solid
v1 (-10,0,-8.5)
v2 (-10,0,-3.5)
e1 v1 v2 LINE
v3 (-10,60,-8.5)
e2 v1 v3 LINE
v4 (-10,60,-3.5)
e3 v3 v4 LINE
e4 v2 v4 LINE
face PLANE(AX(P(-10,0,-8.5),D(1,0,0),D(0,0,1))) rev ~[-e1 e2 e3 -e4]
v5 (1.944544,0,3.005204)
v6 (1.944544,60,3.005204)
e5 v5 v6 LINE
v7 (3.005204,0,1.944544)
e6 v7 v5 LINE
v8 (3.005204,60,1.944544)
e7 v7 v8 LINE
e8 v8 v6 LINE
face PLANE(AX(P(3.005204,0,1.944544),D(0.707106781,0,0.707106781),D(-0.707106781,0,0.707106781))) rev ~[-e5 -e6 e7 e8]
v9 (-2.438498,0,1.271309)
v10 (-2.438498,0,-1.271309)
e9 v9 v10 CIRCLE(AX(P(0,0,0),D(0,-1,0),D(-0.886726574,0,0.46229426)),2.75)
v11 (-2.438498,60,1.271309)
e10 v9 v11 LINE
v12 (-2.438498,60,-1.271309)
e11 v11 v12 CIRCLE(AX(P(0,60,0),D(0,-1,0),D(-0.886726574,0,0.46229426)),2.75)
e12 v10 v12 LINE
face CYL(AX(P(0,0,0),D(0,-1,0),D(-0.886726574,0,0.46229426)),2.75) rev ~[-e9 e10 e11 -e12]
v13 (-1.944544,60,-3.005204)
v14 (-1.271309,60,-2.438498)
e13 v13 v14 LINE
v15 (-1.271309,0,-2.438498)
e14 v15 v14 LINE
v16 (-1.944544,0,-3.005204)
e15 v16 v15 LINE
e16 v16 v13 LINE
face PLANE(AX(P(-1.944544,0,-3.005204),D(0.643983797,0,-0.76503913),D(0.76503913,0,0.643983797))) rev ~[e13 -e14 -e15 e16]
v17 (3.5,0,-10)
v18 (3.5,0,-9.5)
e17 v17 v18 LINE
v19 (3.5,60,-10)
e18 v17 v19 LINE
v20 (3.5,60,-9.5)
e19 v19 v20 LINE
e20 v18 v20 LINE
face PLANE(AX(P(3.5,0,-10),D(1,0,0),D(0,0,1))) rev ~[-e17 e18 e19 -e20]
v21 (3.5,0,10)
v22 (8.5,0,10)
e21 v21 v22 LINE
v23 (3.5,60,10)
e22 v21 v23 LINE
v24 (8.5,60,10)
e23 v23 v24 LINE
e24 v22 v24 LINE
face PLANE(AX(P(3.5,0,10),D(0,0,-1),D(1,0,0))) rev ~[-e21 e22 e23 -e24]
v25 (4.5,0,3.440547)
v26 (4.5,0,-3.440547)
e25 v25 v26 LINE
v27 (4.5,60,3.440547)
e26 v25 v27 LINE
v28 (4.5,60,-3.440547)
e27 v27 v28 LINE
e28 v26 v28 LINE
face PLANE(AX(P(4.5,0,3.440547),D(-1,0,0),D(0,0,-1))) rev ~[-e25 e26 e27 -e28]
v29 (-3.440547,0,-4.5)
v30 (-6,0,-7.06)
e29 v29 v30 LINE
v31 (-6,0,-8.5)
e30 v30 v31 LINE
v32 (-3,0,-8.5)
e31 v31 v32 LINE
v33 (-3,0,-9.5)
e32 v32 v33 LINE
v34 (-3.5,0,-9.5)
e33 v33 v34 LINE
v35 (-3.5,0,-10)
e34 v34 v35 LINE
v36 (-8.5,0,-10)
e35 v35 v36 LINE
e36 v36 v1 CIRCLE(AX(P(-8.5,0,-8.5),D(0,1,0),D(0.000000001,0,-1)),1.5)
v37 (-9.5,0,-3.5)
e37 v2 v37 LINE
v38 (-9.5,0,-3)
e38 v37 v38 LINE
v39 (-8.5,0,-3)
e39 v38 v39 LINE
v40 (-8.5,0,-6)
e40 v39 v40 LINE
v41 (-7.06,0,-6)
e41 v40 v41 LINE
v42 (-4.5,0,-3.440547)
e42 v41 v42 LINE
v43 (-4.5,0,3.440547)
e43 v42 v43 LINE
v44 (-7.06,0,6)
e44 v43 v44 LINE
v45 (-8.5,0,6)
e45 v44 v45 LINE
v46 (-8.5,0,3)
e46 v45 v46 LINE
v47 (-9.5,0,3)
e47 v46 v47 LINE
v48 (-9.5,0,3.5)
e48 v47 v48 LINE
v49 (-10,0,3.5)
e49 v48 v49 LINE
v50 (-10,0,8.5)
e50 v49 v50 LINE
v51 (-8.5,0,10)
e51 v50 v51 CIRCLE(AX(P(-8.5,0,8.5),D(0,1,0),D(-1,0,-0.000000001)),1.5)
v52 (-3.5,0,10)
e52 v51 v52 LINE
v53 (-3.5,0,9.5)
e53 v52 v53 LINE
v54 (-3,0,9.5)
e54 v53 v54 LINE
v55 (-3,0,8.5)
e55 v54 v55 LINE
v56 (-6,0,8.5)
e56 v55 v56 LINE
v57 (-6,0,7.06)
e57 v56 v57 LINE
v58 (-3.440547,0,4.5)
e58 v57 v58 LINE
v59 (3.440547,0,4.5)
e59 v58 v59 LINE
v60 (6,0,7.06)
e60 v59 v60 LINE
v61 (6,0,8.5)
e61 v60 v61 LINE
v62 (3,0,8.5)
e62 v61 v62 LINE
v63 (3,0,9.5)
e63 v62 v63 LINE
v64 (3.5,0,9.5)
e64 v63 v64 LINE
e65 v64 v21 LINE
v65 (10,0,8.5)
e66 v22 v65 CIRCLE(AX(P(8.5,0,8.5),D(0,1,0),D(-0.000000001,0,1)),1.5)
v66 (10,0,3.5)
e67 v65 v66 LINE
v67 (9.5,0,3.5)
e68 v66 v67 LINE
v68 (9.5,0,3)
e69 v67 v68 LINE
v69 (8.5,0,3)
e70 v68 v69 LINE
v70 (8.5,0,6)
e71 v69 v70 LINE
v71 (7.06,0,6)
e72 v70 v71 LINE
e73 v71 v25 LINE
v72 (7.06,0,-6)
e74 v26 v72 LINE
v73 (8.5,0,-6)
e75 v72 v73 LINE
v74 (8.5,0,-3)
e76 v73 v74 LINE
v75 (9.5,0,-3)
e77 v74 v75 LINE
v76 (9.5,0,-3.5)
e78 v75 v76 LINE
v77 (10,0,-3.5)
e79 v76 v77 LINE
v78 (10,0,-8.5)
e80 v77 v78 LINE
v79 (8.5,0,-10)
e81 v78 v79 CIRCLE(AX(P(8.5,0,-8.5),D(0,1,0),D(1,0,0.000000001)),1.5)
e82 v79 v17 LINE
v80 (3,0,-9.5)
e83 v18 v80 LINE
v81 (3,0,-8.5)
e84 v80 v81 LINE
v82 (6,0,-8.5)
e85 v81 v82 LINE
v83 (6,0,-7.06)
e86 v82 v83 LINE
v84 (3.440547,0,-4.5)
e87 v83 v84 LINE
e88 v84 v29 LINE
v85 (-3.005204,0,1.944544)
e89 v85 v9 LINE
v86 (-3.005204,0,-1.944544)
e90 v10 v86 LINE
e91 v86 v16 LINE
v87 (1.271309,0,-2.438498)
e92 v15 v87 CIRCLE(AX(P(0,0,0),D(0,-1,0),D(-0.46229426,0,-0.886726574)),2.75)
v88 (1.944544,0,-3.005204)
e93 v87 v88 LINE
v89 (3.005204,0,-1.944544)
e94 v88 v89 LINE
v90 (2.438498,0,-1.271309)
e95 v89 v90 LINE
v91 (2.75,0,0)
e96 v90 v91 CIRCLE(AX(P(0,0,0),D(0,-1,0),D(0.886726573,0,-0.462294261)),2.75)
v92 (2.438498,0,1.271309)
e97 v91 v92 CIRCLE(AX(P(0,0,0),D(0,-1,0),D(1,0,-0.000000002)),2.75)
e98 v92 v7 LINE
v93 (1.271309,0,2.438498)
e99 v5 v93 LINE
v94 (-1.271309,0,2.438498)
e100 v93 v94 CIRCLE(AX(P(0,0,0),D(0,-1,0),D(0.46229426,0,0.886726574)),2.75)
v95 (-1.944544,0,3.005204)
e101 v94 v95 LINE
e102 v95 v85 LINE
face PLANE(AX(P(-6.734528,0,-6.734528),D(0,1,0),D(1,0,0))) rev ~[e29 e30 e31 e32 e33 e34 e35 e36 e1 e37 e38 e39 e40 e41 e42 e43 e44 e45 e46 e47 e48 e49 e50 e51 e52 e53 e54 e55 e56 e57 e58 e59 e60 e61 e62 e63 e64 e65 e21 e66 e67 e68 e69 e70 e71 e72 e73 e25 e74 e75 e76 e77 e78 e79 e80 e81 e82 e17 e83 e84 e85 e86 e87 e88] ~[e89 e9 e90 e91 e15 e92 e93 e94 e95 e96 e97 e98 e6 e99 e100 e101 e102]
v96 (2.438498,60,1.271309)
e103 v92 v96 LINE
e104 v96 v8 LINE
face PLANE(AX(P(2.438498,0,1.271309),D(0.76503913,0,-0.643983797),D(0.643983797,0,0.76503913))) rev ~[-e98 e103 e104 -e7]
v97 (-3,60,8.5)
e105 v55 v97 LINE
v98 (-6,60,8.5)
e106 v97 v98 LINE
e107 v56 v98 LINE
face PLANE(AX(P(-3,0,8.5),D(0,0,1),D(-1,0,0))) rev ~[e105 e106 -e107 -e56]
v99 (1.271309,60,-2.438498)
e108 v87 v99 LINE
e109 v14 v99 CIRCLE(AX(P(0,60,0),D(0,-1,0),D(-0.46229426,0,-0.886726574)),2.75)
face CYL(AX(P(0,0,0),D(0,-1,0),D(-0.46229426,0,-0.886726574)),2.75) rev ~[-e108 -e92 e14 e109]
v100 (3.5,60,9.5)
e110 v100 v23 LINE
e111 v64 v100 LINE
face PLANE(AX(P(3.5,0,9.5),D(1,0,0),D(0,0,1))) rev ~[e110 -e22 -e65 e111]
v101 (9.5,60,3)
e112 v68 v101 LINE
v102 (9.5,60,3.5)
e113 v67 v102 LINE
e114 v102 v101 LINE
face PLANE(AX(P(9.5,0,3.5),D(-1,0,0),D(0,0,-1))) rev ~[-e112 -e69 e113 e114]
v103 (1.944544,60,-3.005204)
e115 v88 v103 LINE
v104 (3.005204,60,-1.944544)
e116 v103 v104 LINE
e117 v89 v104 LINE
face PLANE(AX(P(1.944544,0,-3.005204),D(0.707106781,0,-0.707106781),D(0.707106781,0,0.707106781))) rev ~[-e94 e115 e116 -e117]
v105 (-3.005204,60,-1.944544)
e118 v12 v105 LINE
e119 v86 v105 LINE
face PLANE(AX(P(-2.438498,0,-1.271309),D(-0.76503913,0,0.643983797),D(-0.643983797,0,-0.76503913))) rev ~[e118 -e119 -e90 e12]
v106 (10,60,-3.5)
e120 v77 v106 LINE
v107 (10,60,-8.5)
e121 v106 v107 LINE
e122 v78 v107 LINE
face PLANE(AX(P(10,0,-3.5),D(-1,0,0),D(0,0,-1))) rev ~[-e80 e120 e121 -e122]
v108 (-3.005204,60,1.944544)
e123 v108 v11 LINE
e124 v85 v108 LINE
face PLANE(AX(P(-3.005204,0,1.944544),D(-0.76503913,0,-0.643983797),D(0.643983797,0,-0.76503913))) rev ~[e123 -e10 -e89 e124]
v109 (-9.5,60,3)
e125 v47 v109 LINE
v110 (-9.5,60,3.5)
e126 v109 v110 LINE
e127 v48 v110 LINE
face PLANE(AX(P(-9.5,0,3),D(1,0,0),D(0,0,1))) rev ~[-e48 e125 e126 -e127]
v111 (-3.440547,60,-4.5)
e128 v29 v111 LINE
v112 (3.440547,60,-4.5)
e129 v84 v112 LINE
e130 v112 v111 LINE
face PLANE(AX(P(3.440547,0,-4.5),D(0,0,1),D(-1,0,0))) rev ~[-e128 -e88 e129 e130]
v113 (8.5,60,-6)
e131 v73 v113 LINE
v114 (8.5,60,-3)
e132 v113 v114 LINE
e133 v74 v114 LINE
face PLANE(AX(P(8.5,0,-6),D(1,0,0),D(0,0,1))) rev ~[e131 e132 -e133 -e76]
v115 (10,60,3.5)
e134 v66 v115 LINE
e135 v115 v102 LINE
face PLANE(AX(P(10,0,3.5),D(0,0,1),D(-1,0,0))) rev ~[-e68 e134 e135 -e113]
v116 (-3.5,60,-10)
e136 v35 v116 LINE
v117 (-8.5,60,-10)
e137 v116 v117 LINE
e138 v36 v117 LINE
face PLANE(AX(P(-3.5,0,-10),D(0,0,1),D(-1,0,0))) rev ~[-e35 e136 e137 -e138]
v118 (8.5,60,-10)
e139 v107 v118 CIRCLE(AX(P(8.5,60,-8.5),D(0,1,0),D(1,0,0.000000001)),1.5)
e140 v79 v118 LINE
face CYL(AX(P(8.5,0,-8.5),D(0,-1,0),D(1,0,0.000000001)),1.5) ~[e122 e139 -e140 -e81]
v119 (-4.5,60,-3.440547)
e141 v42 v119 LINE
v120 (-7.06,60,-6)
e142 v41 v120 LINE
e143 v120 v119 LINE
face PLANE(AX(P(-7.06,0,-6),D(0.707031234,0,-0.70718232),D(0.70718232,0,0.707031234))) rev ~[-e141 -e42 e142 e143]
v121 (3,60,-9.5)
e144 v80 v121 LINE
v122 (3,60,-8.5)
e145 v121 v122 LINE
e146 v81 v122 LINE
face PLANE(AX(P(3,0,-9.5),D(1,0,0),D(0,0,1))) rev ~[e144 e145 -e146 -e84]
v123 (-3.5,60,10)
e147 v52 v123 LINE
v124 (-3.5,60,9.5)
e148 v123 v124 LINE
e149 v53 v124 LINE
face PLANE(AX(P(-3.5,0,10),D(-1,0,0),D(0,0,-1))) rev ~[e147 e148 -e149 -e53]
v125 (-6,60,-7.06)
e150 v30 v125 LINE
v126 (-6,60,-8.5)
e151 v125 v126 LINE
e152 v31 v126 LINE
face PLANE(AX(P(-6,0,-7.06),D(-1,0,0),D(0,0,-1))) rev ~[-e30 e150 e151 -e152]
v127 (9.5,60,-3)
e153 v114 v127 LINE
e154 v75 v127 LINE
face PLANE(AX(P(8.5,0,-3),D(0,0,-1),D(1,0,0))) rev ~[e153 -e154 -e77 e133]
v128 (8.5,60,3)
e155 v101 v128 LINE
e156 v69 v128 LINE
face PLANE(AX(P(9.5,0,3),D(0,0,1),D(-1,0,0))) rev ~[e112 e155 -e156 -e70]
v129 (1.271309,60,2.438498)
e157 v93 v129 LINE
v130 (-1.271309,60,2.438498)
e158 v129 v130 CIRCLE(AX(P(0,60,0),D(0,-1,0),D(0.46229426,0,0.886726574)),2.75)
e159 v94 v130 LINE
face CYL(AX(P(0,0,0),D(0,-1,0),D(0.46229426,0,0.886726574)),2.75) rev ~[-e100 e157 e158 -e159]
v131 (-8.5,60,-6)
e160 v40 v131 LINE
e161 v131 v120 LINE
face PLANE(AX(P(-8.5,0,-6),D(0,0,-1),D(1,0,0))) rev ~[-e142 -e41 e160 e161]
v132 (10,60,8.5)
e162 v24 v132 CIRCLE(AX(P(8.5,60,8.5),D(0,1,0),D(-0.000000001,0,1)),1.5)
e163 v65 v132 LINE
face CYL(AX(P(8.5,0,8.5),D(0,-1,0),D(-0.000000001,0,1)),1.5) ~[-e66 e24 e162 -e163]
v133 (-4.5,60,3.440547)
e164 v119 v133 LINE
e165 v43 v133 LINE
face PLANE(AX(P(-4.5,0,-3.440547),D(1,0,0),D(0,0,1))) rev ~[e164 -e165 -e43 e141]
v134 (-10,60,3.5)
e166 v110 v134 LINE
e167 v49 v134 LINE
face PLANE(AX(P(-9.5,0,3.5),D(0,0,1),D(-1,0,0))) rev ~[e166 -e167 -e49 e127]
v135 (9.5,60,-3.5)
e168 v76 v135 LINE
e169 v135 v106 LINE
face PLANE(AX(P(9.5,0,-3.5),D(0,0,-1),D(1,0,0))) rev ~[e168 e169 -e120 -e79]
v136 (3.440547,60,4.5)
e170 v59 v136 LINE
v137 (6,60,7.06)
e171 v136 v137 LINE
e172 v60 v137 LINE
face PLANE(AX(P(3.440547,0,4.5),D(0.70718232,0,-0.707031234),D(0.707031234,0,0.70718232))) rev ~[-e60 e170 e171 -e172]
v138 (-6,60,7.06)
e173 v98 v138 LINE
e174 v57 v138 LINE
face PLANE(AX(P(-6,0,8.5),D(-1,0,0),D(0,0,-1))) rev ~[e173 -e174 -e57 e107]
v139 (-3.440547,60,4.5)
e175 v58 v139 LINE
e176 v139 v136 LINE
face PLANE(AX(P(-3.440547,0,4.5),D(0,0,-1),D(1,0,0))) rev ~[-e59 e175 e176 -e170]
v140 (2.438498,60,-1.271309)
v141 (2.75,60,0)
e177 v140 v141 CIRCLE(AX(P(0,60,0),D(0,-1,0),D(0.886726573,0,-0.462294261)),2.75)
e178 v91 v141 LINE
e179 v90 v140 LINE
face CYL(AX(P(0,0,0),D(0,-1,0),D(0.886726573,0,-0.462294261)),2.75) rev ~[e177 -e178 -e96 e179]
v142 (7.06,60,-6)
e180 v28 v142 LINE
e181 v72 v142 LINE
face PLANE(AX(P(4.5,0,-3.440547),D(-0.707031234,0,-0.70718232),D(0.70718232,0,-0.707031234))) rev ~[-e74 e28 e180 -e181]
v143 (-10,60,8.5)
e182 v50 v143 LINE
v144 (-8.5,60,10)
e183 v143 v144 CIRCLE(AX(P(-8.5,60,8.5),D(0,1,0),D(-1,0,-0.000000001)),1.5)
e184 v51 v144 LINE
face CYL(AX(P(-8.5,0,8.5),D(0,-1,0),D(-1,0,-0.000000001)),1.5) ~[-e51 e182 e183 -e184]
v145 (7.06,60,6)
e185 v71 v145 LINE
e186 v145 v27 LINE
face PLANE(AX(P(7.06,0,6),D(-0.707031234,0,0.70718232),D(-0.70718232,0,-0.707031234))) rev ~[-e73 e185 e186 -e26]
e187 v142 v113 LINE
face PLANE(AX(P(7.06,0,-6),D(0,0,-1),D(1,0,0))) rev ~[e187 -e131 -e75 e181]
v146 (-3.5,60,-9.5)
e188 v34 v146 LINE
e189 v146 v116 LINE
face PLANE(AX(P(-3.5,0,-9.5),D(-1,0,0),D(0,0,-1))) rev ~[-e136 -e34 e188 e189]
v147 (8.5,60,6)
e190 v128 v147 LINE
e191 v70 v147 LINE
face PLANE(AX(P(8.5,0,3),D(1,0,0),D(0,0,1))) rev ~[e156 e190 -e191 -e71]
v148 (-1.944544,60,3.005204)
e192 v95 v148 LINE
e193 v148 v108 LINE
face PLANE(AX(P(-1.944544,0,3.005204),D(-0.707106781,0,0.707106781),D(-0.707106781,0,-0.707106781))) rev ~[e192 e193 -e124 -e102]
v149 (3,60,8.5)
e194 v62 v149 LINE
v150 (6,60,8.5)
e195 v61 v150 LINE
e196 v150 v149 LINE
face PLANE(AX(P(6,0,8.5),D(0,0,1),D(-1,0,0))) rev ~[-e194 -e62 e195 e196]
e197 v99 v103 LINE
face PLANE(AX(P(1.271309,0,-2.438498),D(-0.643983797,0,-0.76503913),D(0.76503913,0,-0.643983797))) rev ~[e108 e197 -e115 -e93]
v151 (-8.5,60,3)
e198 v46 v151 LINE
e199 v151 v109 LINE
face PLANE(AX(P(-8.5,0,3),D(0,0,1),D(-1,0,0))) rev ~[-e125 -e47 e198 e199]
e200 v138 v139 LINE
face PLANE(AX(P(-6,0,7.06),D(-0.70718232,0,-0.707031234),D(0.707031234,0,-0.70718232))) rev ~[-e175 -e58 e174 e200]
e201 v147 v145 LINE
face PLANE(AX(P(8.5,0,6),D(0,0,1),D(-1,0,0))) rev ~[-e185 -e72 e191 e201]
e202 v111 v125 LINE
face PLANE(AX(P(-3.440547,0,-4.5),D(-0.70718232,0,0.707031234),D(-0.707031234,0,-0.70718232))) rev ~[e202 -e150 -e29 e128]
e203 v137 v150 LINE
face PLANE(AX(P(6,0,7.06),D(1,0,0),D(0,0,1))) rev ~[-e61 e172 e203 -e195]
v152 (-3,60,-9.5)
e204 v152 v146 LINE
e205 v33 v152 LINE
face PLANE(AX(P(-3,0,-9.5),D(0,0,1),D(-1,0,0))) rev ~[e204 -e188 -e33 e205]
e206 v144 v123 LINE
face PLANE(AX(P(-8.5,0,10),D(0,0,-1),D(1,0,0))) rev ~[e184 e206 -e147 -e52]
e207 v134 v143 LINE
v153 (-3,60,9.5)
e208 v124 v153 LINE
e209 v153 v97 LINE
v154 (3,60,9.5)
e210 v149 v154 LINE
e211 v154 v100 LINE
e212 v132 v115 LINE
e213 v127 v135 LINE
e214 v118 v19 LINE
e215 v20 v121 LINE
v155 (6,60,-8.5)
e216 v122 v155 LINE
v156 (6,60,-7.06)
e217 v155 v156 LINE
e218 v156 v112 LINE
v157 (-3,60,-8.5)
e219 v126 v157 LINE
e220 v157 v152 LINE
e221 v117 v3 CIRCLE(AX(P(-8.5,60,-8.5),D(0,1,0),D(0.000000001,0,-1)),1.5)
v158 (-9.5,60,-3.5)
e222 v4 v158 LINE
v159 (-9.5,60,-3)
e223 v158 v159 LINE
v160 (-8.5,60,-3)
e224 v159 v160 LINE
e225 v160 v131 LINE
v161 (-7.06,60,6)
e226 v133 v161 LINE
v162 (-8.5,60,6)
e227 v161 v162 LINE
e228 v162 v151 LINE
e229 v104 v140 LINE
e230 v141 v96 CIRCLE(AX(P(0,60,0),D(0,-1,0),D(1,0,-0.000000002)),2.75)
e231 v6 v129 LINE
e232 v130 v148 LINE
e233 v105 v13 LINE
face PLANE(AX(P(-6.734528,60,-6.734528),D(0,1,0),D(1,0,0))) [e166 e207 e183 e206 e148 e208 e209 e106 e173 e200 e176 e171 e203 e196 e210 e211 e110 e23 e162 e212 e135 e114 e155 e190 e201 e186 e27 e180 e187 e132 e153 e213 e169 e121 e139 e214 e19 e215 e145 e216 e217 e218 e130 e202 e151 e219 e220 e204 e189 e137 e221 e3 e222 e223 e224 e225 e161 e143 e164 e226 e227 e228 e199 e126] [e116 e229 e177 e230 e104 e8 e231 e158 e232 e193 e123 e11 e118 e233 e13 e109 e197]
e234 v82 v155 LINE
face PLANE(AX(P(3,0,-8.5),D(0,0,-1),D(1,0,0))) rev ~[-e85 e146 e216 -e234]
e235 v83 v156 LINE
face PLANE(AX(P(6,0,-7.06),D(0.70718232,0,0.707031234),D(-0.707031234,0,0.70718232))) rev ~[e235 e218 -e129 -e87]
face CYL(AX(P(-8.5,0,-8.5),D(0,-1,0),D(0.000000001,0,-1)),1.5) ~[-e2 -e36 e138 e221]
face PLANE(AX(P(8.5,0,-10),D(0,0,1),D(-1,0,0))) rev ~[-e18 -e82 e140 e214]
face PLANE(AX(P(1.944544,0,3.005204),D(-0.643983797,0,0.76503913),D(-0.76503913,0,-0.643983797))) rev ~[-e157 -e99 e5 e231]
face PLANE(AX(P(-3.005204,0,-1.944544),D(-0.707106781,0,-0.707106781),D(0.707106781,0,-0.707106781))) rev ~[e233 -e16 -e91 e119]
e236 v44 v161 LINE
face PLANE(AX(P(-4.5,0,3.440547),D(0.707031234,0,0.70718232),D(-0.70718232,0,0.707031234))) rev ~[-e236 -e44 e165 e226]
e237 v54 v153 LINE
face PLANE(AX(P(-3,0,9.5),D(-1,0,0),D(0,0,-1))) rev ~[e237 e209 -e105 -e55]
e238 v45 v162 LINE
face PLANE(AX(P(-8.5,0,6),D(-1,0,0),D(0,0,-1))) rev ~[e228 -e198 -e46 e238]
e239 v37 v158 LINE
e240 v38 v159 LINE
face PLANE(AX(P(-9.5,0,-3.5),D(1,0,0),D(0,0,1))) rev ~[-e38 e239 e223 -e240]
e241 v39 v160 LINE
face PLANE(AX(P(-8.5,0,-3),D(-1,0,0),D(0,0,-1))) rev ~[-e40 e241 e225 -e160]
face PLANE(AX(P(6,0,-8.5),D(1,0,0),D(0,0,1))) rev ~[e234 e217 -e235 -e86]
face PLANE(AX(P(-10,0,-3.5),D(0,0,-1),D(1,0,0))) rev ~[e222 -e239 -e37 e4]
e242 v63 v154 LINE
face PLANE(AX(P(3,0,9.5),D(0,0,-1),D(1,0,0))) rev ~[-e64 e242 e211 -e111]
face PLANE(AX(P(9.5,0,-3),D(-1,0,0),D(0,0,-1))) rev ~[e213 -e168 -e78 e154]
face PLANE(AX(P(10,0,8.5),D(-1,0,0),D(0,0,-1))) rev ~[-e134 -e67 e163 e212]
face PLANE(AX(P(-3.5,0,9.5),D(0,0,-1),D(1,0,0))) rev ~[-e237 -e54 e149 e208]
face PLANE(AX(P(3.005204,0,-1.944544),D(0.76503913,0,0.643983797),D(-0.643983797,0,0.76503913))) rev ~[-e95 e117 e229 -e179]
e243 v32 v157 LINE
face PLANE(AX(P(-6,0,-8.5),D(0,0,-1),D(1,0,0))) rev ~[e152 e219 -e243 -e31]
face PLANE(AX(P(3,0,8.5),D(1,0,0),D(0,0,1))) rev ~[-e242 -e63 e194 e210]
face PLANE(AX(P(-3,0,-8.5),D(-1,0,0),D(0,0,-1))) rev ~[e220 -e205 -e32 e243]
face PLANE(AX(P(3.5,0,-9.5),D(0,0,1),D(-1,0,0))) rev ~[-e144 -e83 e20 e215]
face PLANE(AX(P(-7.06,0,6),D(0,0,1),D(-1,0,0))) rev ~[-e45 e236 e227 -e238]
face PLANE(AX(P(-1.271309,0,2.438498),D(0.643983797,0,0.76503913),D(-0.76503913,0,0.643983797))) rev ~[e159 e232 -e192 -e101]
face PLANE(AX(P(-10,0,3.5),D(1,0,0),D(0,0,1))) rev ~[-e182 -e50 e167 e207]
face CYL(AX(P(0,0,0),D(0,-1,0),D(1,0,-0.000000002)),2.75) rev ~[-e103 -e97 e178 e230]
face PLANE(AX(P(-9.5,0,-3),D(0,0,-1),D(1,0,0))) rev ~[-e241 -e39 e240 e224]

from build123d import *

# Parameters (mm, degrees)
DODANIE_WYCI_GNI_CIE1_DEPTH = 60


with BuildPart() as part:
    # Szkic1 → Dodanie-wyciągnięcie1 (new body)
    with BuildSketch(Plane(origin=(0, 0, 0), x_dir=(1, 0, 0), z_dir=(0, 1, 0))):
        with BuildLine():
            Line((-7.06, 6), (-4.5, 3.440546933))
            Line((-4.5, 3.440546933), (-4.5, 4.5))
            Line((-4.5, 4.5), (-3.440546933, 4.5))
            Line((-3.440546933, 4.5), (-6, 7.06))
            Line((-6, 7.06), (-6, 8.5))
            Line((-6, 8.5), (-3, 8.5))
            Line((-3, 8.5), (-3, 9.5))
            Line((-3, 9.5), (-3.5, 9.5))
            Line((-3.5, 9.5), (-3.5, 10))
            Line((-3.5, 10), (-8.5, 10))
            ThreePointArc((-8.5, 10), (-9.560660172, 9.560660172), (-10, 8.5))
            Line((-10, 8.5), (-10, 3.5))
            Line((-10, 3.5), (-9.5, 3.5))
            Line((-9.5, 3.5), (-9.5, 3))
            Line((-9.5, 3), (-8.5, 3))
            Line((-8.5, 3), (-8.5, 6))
            Line((-8.5, 6), (-7.06, 6))
        make_face()
        with BuildLine():
            Line((4.5, 4.5), (4.5, 3.440546933))
            Line((4.5, 3.440546933), (7.06, 6))
            Line((7.06, 6), (8.5, 6))
            Line((8.5, 6), (8.5, 3))
            Line((8.5, 3), (9.5, 3))
            Line((9.5, 3), (9.5, 3.5))
            Line((9.5, 3.5), (10, 3.5))
            Line((10, 3.5), (10, 8.5))
            ThreePointArc((10, 8.5), (9.560660172, 9.560660172), (8.5, 10))
            Line((8.5, 10), (3.5, 10))
            Line((3.5, 10), (3.5, 9.5))
            Line((3.5, 9.5), (3, 9.5))
            Line((3, 9.5), (3, 8.5))
            Line((3, 8.5), (6, 8.5))
            Line((6, 8.5), (6, 7.06))
            Line((6, 7.06), (3.440546933, 4.5))
            Line((3.440546933, 4.5), (4.5, 4.5))
        make_face()
        Polygon((3.440546933, -4.5), (4.5, -4.5), (4.5, -3.440546933), (4.5, 3.440546933), (4.5, 4.5), (3.440546933, 4.5), (-3.440546933, 4.5), (-4.5, 4.5), (-4.5, 3.440546933), (-4.5, -3.440546933), (-4.5, -4.5), (-3.440546933, -4.5), align=None)
        with BuildLine():
            Line((-3.00520382, 1.944543648), (-1.944543648, 3.00520382))
            Line((-1.944543648, 3.00520382), (-1.271309214, 2.438498079))
            ThreePointArc((-1.271309214, 2.438498079), (0, 2.75), (1.271309214, 2.438498079))
            Line((1.271309214, 2.438498079), (1.944543648, 3.00520382))
            Line((1.944543648, 3.00520382), (3.00520382, 1.944543648))
            Line((3.00520382, 1.944543648), (2.438498079, 1.271309214))
            ThreePointArc((2.438498079, 1.271309214), (2.670989491, 0.654457899), (2.75, 0))
            ThreePointArc((2.75, 0), (2.670989491, -0.654457899), (2.438498079, -1.271309214))
            Line((2.438498079, -1.271309214), (3.00520382, -1.944543648))
            Line((3.00520382, -1.944543648), (1.944543648, -3.00520382))
            Line((1.944543648, -3.00520382), (1.271309214, -2.438498079))
            ThreePointArc((1.271309214, -2.438498079), (0, -2.75), (-1.271309214, -2.438498079))
            Line((-1.271309214, -2.438498079), (-1.944543648, -3.00520382))
            Line((-1.944543648, -3.00520382), (-3.00520382, -1.944543648))
            Line((-3.00520382, -1.944543648), (-2.438498079, -1.271309214))
            ThreePointArc((-2.438498079, -1.271309214), (-2.75, 0), (-2.438498079, 1.271309214))
            Line((-2.438498079, 1.271309214), (-3.00520382, 1.944543648))
        make_face(mode=Mode.SUBTRACT)
        with BuildLine():
            Line((-6, -7.06), (-3.440546933, -4.5))
            Line((-3.440546933, -4.5), (-4.5, -4.5))
            Line((-4.5, -4.5), (-4.5, -3.440546933))
            Line((-4.5, -3.440546933), (-7.06, -6))
            Line((-7.06, -6), (-8.5, -6))
            Line((-8.5, -6), (-8.5, -3))
            Line((-8.5, -3), (-9.5, -3))
            Line((-9.5, -3), (-9.5, -3.5))
            Line((-9.5, -3.5), (-10, -3.5))
            Line((-10, -3.5), (-10, -8.5))
            ThreePointArc((-10, -8.5), (-9.560660172, -9.560660172), (-8.5, -10))
            Line((-8.5, -10), (-3.5, -10))
            Line((-3.5, -10), (-3.5, -9.5))
            Line((-3.5, -9.5), (-3, -9.5))
            Line((-3, -9.5), (-3, -8.5))
            Line((-3, -8.5), (-6, -8.5))
            Line((-6, -8.5), (-6, -7.06))
        make_face()
        with BuildLine():
            Line((4.5, -3.440546933), (4.5, -4.5))
            Line((4.5, -4.5), (3.440546933, -4.5))
            Line((3.440546933, -4.5), (6, -7.06))
            Line((6, -7.06), (6, -8.5))
            Line((6, -8.5), (3, -8.5))
            Line((3, -8.5), (3, -9.5))
            Line((3, -9.5), (3.5, -9.5))
            Line((3.5, -9.5), (3.5, -10))
            Line((3.5, -10), (8.5, -10))
            ThreePointArc((8.5, -10), (9.560660172, -9.560660172), (10, -8.5))
            Line((10, -8.5), (10, -3.5))
            Line((10, -3.5), (9.5, -3.5))
            Line((9.5, -3.5), (9.5, -3))
            Line((9.5, -3), (8.5, -3))
            Line((8.5, -3), (8.5, -6))
            Line((8.5, -6), (7.06, -6))
            Line((7.06, -6), (4.5, -3.440546933))
        make_face()
    extrude(amount=DODANIE_WYCI_GNI_CIE1_DEPTH)


solid = part.part
